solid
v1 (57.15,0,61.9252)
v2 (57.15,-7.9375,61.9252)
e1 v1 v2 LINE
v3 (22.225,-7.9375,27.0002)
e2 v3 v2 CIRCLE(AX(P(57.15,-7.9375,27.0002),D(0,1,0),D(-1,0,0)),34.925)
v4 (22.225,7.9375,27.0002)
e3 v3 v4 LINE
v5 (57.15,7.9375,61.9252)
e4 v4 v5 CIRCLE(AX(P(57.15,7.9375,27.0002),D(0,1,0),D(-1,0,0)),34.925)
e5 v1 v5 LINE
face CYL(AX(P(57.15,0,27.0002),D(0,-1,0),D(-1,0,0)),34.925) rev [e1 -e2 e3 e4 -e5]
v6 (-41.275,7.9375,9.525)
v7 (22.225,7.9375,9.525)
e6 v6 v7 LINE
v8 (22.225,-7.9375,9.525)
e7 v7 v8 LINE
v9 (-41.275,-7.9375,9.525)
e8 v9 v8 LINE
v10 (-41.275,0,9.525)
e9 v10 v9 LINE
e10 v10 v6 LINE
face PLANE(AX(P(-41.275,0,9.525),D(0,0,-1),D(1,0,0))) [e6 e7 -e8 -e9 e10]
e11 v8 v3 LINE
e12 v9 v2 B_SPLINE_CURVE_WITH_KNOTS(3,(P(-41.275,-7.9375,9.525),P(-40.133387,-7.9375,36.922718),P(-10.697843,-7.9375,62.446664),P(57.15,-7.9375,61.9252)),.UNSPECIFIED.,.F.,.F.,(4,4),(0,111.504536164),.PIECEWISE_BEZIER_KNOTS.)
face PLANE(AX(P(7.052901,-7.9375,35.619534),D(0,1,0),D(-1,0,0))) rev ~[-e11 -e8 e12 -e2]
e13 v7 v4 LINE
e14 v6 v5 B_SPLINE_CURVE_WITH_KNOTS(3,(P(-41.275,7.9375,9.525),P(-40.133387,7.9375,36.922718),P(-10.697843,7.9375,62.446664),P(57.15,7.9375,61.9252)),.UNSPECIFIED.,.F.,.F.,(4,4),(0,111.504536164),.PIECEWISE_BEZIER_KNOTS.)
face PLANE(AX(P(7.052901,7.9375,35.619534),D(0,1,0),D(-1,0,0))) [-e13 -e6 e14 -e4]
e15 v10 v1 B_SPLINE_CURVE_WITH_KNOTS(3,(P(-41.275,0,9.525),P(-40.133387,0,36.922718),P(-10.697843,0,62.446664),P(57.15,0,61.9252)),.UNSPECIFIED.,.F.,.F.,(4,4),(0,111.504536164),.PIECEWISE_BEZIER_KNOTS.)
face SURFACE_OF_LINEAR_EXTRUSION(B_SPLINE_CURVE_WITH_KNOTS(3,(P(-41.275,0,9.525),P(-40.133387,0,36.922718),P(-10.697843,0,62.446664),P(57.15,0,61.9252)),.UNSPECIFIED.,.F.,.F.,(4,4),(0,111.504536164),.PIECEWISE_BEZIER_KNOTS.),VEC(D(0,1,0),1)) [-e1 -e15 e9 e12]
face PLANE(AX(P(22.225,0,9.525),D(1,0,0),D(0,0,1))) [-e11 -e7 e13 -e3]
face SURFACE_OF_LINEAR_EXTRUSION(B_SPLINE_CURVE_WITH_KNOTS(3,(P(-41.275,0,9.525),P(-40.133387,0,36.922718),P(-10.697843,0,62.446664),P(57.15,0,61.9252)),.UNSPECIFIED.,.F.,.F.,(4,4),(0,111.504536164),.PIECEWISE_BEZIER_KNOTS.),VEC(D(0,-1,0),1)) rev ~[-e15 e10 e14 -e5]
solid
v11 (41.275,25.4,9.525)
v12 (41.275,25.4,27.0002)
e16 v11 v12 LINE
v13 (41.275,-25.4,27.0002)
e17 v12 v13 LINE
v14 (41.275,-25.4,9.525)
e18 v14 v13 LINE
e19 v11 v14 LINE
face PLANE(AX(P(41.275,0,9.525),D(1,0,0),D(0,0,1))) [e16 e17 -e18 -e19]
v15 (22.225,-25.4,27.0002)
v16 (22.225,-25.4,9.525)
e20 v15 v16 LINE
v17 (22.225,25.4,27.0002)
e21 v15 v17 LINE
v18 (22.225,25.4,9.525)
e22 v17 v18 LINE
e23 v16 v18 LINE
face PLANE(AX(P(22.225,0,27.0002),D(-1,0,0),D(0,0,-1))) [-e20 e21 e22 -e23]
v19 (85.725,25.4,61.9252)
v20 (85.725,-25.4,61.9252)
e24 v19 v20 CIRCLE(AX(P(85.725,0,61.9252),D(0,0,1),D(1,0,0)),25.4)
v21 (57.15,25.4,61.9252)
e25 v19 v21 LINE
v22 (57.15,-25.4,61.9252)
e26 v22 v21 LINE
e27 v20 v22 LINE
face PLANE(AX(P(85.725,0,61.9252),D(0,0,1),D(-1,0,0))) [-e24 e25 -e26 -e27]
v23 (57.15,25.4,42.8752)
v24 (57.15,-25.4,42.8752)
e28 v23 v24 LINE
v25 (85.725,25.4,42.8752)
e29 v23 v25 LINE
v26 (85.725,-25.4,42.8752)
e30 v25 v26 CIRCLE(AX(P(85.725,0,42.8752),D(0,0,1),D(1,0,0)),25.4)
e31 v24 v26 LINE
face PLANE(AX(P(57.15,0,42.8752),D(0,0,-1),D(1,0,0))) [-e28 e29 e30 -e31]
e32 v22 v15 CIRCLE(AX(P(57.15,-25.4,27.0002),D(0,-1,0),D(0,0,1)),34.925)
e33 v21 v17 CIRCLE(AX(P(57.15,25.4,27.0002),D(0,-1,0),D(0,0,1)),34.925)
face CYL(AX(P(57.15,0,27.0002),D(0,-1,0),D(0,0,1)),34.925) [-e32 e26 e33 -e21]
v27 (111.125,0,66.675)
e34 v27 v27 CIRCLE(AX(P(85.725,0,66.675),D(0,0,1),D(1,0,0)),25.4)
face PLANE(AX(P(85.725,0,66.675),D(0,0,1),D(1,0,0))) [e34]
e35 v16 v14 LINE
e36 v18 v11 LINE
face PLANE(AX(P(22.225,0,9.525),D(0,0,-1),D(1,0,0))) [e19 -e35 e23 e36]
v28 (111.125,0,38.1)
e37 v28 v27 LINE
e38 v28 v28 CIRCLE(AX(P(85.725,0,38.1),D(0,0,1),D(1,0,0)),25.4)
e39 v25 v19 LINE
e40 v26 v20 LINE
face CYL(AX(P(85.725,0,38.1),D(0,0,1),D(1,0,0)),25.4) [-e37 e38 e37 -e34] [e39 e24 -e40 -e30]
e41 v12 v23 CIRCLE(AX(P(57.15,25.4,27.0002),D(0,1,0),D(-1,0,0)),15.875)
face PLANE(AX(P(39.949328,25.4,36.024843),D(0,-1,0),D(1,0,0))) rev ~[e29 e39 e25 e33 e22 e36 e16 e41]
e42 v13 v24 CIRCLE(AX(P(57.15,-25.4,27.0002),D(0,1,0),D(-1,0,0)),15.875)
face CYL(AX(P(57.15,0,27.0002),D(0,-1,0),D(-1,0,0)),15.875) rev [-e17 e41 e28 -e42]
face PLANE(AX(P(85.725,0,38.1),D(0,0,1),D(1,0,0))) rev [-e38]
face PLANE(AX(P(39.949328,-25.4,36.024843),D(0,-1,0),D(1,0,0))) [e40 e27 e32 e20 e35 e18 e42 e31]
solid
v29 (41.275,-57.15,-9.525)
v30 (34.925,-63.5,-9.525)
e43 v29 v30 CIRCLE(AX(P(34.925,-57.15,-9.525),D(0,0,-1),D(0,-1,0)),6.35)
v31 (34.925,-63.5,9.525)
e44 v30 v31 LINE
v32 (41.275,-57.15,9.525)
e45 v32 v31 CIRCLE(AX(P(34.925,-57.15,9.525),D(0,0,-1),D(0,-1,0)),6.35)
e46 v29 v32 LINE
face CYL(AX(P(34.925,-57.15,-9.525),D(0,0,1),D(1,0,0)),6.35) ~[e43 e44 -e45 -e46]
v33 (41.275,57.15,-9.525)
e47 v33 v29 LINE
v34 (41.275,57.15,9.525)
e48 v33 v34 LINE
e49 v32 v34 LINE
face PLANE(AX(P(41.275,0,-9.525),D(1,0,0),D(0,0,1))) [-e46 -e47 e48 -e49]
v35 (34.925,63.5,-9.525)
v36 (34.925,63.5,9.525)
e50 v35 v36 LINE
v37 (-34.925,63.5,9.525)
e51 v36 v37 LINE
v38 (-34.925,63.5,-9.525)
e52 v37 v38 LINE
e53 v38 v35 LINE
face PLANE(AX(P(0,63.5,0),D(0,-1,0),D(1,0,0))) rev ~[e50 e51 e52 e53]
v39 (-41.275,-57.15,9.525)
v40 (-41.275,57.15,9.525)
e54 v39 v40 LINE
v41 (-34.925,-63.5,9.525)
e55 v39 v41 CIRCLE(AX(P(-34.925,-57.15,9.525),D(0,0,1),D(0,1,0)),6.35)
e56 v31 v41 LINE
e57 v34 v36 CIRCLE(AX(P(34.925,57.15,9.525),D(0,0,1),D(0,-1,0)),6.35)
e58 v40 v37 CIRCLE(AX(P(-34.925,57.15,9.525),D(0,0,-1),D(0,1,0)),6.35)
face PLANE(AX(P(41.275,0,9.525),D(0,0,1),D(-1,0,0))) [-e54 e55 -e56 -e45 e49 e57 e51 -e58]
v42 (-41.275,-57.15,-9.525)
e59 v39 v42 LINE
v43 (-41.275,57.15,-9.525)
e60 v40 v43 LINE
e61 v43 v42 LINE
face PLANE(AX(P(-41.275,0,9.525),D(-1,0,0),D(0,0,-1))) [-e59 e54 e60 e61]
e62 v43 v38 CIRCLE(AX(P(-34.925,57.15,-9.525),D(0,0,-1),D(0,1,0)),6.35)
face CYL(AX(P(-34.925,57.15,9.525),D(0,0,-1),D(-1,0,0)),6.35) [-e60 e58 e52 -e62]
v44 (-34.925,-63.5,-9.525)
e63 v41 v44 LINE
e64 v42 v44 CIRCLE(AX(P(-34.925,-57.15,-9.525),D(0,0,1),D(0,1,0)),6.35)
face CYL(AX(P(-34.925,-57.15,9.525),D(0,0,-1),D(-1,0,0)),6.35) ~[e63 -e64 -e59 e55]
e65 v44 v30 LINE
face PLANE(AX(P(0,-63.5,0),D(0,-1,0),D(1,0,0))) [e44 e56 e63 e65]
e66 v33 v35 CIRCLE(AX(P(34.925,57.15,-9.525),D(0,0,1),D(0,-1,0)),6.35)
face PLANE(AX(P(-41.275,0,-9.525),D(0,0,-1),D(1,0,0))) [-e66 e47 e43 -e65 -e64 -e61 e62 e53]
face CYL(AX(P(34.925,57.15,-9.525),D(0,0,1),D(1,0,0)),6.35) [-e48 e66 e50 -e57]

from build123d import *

# Parameters (mm, degrees)
F1_DEPTH = 63.5
F0_W     = 25.4
F0_H     = 19.05
F2_DEPTH = 25.4
F3_DEPTH = 7.9375
F5_R     = 6.35


with BuildPart() as f1:
    # F0 (on Front) → F1 (new body, symmetric)
    with BuildSketch(Plane.XZ):
        Polygon((-41.275, 9.525), (-41.275, -9.525), (41.275, -9.525), (41.275, 9.525), (22.225, 9.525), align=None)
    extrude(amount=F1_DEPTH, both=True)

    # F5
    f5_edges = [f1.edges().sort_by_distance(p)[0] for p in [
        (-41.275, -63.5, 0),
        (41.275, -63.5, 0),
        (-41.275, 63.5, 0),
        (41.275, 63.5, 0),
    ]]
    fillet(f5_edges, radius=F5_R)


with BuildPart() as f2:
    # F0 (on Front) → F2 (new body, symmetric)
    with BuildSketch(Plane.XZ):
        with BuildLine():
            Line((22.225, 9.525), (41.275, 9.525))
            Line((41.275, 9.525), (41.275, 27.0002))
            ThreePointArc((41.275, 27.0002), (45.9246798487, 38.2255201513), (57.15, 42.8752))
            Line((57.15, 42.8752), (60.325, 42.8752))
            Line((60.325, 42.8752), (60.325, 61.9252))
            Line((60.325, 61.9252), (57.15, 61.9252))
            ThreePointArc((57.15, 61.9252), (32.4542956671, 51.6959043329), (22.225, 27.0002))
            Line((22.225, 27.0002), (22.225, 9.525))
        make_face()
        with Locations((73.025, 52.4002)):
            Rectangle(F0_W, F0_H)
    extrude(amount=F2_DEPTH, both=True)

    # F0 (on Front) → F4 (revolve)
    with BuildSketch(Plane.XZ):
        Polygon((85.725, 66.675), (85.725, 61.9252), (85.725, 42.8752), (85.725, 38.1), (111.125, 38.1), (111.125, 66.675), align=None)
    revolve(axis=Axis((85.725, 0, 52.3875), (0, 0, 1)))


with BuildPart() as f3:
    # F0 (on Front) → F3 (new body, symmetric)
    with BuildSketch(Plane.XZ):
        with BuildLine():
            add(Edge.make_bspline(
                [(-41.275, 9.525), (-40.1333869527, 36.9227183817), (-10.6978429799, 62.4466641721), (57.15, 61.9252)],
                knots=[0, 0, 0, 0, 111.5045361635, 111.5045361635, 111.5045361635, 111.5045361635], degree=3))
            Line((-41.275, 9.525), (22.225, 9.525))
            Line((22.225, 9.525), (22.225, 27.0002))
            ThreePointArc((22.225, 27.0002), (32.4542956671, 51.6959043329), (57.15, 61.9252))
        make_face()
    extrude(amount=F3_DEPTH, both=True)


solid = Compound([f1.part, f2.part, f3.part])
